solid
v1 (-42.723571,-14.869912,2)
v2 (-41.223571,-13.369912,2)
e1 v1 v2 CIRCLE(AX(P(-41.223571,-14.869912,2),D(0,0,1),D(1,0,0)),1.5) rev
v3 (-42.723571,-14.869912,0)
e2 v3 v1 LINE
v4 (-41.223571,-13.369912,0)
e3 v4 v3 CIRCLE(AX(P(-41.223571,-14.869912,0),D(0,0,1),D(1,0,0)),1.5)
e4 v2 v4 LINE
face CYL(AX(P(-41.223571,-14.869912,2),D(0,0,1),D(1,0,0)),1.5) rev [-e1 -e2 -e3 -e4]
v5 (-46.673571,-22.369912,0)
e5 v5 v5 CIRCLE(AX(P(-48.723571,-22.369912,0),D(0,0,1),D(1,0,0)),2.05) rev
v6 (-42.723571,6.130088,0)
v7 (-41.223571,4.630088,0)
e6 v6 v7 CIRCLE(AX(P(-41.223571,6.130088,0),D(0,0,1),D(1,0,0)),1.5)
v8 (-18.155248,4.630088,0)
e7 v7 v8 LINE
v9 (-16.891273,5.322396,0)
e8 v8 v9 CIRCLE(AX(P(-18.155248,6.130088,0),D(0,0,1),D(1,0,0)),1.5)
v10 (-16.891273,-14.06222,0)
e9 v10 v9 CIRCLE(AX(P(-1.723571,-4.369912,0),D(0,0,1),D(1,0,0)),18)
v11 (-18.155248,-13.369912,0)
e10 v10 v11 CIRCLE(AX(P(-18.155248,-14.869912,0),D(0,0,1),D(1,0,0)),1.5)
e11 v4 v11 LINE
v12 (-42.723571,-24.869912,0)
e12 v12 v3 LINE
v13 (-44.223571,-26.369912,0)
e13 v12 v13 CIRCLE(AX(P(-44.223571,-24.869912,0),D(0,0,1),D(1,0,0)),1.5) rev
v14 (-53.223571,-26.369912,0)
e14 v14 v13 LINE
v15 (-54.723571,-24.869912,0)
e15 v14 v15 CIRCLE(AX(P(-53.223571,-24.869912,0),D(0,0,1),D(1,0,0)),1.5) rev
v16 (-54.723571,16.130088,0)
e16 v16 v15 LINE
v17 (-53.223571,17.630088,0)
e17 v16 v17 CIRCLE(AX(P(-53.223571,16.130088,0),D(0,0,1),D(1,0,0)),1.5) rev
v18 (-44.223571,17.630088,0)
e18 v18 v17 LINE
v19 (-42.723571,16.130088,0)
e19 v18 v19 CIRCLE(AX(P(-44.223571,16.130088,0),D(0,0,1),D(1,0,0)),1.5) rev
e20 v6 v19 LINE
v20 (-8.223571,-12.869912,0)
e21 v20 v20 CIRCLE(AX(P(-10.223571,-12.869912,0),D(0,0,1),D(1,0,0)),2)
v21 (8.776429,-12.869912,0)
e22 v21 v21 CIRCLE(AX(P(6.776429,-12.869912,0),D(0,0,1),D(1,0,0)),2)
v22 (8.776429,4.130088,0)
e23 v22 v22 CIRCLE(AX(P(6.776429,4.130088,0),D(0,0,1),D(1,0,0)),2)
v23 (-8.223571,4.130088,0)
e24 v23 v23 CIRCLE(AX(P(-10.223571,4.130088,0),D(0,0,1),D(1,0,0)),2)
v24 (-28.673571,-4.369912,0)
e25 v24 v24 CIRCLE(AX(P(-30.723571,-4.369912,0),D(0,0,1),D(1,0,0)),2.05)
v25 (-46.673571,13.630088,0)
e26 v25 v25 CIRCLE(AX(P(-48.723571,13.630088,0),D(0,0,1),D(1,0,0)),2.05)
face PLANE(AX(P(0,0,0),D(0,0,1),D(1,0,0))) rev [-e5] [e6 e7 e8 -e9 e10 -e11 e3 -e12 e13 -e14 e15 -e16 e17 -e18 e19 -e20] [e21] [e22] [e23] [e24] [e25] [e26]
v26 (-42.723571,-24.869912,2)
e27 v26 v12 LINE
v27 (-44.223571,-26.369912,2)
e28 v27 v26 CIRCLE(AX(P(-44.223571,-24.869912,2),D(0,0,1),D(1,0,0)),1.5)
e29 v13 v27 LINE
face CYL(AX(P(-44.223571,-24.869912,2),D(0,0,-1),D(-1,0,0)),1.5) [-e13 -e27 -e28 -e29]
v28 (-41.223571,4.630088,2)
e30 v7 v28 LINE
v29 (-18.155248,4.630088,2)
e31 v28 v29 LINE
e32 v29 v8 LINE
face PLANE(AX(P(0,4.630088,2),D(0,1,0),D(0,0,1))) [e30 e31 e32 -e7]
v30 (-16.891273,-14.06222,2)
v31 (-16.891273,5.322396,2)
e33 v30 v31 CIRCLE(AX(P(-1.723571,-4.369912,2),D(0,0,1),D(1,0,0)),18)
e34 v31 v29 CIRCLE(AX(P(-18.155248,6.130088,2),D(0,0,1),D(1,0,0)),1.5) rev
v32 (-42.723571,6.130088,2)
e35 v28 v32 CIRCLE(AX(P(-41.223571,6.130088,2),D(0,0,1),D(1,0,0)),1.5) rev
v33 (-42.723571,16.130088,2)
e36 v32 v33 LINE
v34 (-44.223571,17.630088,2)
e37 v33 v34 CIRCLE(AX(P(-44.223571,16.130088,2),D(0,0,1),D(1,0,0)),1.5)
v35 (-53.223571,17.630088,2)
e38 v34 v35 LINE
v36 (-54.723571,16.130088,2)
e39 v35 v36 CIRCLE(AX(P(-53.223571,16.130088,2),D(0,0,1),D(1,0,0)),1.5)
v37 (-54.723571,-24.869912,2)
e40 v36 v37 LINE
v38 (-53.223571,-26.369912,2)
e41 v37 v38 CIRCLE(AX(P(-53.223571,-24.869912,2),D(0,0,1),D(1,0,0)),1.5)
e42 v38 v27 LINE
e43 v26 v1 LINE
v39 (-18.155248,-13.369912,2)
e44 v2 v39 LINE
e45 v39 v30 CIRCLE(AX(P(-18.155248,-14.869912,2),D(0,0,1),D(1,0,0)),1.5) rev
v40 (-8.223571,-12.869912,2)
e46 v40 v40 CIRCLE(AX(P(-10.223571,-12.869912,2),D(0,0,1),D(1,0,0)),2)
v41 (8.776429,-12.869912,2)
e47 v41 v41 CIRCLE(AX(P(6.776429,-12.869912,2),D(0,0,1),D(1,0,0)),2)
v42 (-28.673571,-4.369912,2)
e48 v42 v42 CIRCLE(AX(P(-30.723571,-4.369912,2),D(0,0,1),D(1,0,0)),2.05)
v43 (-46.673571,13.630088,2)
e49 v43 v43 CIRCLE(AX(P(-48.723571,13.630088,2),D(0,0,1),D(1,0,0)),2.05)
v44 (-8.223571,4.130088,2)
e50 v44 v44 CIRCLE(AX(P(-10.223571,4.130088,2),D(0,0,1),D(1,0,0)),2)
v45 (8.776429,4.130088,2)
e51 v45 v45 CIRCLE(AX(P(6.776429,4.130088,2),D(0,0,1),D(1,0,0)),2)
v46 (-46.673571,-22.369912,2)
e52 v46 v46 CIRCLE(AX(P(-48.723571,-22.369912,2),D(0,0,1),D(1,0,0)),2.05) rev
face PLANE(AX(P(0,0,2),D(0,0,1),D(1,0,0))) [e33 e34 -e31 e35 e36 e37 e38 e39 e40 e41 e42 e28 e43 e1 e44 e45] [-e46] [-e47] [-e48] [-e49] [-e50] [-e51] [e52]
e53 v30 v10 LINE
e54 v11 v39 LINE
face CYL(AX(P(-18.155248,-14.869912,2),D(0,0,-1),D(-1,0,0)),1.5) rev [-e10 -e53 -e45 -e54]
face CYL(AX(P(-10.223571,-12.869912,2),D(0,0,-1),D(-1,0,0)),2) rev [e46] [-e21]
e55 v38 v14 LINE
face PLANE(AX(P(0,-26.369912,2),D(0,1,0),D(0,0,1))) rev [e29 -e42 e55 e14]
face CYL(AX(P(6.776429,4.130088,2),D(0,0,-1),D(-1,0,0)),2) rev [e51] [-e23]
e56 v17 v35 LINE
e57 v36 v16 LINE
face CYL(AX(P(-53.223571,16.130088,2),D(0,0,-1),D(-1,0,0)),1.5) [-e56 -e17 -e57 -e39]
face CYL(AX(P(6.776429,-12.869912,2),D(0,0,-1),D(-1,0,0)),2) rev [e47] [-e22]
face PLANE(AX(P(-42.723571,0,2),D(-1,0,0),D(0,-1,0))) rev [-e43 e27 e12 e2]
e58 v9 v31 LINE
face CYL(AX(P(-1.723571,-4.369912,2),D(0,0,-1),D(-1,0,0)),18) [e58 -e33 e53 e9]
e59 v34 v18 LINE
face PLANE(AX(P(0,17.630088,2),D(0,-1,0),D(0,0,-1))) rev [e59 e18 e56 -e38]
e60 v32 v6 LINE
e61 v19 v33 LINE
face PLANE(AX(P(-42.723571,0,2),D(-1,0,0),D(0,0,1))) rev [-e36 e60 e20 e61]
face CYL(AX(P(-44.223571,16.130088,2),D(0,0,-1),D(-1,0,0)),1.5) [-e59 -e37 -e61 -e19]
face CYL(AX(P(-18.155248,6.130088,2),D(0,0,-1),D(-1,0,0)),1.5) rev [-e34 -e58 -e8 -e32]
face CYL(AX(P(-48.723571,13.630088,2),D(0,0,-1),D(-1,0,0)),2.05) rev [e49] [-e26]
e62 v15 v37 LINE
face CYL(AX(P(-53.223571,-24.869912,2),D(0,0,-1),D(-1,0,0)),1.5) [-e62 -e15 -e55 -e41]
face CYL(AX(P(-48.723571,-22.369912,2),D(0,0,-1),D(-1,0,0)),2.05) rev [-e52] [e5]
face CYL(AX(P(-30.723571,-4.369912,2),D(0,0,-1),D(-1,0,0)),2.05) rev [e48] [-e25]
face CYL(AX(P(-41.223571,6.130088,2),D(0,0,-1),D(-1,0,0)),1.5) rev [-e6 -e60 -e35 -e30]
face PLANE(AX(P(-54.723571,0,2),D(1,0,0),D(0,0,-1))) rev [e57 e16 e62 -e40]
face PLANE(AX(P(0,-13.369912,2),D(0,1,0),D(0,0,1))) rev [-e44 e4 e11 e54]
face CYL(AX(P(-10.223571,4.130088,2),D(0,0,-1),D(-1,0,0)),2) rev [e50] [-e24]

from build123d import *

# Parameters (mm, degrees)
SKETCH_1_R      = 2.05
SKETCH_1_R_2    = 2
EXTRUDE_1_DEPTH = 2
FILLET_1_R      = 1.5


with BuildPart() as part:
    # 草图1 → 凸台-拉伸1 (new body)
    with BuildSketch(Plane.XY):
        with BuildLine():
            Line((-42.723571429, -13.369911995), (-17.312028697, -13.369911995))
            ThreePointArc((-17.312028697, -13.369911995), (16.276428571, -4.369911995), (-17.312028697, 4.630088005))
            Line((-17.312028697, 4.630088005), (-42.723571429, 4.630088005))
            Line((-42.723571429, 4.630088005), (-42.723571429, 17.630088005))
            Line((-42.723571429, 17.630088005), (-54.723571429, 17.630088005))
            Line((-54.723571429, 17.630088005), (-54.723571429, -26.369911995))
            Line((-54.723571429, -26.369911995), (-42.723571429, -26.369911995))
            Line((-42.723571429, -26.369911995), (-42.723571429, -13.369911995))
        make_face()
        with Locations((-30.723571429, -4.369911995)):
            Circle(SKETCH_1_R, mode=Mode.SUBTRACT)
        with Locations((-48.723571429, 13.630088005)):
            Circle(SKETCH_1_R, mode=Mode.SUBTRACT)
        with Locations((-48.723571429, -22.369911995)):
            Circle(SKETCH_1_R, mode=Mode.SUBTRACT)
        with Locations((6.776428571, -12.869911995)):
            Circle(SKETCH_1_R_2, mode=Mode.SUBTRACT)
        with Locations((-10.223571429, -12.869911995)):
            Circle(SKETCH_1_R_2, mode=Mode.SUBTRACT)
        with Locations((-10.223571429, 4.130088005)):
            Circle(SKETCH_1_R_2, mode=Mode.SUBTRACT)
        with Locations((6.776428571, 4.130088005)):
            Circle(SKETCH_1_R_2, mode=Mode.SUBTRACT)
    extrude(amount=EXTRUDE_1_DEPTH)

    # 圆角1
    fillet_1_edges = [part.edges().sort_by_distance(p)[0] for p in [
        (-42.723571429, -13.369911995, 1),
        (-42.723571429, -26.369911995, 1),
        (-54.723571429, -26.369911995, 1),
        (-54.723571429, 17.630088005, 1),
        (-42.723571429, 17.630088005, 1),
        (-42.723571429, 4.630088005, 1),
        (-17.312028697, 4.630088005, 1),
        (-17.312028697, -13.369911995, 1),
    ]]
    fillet(fillet_1_edges, radius=FILLET_1_R)


solid = part.part
